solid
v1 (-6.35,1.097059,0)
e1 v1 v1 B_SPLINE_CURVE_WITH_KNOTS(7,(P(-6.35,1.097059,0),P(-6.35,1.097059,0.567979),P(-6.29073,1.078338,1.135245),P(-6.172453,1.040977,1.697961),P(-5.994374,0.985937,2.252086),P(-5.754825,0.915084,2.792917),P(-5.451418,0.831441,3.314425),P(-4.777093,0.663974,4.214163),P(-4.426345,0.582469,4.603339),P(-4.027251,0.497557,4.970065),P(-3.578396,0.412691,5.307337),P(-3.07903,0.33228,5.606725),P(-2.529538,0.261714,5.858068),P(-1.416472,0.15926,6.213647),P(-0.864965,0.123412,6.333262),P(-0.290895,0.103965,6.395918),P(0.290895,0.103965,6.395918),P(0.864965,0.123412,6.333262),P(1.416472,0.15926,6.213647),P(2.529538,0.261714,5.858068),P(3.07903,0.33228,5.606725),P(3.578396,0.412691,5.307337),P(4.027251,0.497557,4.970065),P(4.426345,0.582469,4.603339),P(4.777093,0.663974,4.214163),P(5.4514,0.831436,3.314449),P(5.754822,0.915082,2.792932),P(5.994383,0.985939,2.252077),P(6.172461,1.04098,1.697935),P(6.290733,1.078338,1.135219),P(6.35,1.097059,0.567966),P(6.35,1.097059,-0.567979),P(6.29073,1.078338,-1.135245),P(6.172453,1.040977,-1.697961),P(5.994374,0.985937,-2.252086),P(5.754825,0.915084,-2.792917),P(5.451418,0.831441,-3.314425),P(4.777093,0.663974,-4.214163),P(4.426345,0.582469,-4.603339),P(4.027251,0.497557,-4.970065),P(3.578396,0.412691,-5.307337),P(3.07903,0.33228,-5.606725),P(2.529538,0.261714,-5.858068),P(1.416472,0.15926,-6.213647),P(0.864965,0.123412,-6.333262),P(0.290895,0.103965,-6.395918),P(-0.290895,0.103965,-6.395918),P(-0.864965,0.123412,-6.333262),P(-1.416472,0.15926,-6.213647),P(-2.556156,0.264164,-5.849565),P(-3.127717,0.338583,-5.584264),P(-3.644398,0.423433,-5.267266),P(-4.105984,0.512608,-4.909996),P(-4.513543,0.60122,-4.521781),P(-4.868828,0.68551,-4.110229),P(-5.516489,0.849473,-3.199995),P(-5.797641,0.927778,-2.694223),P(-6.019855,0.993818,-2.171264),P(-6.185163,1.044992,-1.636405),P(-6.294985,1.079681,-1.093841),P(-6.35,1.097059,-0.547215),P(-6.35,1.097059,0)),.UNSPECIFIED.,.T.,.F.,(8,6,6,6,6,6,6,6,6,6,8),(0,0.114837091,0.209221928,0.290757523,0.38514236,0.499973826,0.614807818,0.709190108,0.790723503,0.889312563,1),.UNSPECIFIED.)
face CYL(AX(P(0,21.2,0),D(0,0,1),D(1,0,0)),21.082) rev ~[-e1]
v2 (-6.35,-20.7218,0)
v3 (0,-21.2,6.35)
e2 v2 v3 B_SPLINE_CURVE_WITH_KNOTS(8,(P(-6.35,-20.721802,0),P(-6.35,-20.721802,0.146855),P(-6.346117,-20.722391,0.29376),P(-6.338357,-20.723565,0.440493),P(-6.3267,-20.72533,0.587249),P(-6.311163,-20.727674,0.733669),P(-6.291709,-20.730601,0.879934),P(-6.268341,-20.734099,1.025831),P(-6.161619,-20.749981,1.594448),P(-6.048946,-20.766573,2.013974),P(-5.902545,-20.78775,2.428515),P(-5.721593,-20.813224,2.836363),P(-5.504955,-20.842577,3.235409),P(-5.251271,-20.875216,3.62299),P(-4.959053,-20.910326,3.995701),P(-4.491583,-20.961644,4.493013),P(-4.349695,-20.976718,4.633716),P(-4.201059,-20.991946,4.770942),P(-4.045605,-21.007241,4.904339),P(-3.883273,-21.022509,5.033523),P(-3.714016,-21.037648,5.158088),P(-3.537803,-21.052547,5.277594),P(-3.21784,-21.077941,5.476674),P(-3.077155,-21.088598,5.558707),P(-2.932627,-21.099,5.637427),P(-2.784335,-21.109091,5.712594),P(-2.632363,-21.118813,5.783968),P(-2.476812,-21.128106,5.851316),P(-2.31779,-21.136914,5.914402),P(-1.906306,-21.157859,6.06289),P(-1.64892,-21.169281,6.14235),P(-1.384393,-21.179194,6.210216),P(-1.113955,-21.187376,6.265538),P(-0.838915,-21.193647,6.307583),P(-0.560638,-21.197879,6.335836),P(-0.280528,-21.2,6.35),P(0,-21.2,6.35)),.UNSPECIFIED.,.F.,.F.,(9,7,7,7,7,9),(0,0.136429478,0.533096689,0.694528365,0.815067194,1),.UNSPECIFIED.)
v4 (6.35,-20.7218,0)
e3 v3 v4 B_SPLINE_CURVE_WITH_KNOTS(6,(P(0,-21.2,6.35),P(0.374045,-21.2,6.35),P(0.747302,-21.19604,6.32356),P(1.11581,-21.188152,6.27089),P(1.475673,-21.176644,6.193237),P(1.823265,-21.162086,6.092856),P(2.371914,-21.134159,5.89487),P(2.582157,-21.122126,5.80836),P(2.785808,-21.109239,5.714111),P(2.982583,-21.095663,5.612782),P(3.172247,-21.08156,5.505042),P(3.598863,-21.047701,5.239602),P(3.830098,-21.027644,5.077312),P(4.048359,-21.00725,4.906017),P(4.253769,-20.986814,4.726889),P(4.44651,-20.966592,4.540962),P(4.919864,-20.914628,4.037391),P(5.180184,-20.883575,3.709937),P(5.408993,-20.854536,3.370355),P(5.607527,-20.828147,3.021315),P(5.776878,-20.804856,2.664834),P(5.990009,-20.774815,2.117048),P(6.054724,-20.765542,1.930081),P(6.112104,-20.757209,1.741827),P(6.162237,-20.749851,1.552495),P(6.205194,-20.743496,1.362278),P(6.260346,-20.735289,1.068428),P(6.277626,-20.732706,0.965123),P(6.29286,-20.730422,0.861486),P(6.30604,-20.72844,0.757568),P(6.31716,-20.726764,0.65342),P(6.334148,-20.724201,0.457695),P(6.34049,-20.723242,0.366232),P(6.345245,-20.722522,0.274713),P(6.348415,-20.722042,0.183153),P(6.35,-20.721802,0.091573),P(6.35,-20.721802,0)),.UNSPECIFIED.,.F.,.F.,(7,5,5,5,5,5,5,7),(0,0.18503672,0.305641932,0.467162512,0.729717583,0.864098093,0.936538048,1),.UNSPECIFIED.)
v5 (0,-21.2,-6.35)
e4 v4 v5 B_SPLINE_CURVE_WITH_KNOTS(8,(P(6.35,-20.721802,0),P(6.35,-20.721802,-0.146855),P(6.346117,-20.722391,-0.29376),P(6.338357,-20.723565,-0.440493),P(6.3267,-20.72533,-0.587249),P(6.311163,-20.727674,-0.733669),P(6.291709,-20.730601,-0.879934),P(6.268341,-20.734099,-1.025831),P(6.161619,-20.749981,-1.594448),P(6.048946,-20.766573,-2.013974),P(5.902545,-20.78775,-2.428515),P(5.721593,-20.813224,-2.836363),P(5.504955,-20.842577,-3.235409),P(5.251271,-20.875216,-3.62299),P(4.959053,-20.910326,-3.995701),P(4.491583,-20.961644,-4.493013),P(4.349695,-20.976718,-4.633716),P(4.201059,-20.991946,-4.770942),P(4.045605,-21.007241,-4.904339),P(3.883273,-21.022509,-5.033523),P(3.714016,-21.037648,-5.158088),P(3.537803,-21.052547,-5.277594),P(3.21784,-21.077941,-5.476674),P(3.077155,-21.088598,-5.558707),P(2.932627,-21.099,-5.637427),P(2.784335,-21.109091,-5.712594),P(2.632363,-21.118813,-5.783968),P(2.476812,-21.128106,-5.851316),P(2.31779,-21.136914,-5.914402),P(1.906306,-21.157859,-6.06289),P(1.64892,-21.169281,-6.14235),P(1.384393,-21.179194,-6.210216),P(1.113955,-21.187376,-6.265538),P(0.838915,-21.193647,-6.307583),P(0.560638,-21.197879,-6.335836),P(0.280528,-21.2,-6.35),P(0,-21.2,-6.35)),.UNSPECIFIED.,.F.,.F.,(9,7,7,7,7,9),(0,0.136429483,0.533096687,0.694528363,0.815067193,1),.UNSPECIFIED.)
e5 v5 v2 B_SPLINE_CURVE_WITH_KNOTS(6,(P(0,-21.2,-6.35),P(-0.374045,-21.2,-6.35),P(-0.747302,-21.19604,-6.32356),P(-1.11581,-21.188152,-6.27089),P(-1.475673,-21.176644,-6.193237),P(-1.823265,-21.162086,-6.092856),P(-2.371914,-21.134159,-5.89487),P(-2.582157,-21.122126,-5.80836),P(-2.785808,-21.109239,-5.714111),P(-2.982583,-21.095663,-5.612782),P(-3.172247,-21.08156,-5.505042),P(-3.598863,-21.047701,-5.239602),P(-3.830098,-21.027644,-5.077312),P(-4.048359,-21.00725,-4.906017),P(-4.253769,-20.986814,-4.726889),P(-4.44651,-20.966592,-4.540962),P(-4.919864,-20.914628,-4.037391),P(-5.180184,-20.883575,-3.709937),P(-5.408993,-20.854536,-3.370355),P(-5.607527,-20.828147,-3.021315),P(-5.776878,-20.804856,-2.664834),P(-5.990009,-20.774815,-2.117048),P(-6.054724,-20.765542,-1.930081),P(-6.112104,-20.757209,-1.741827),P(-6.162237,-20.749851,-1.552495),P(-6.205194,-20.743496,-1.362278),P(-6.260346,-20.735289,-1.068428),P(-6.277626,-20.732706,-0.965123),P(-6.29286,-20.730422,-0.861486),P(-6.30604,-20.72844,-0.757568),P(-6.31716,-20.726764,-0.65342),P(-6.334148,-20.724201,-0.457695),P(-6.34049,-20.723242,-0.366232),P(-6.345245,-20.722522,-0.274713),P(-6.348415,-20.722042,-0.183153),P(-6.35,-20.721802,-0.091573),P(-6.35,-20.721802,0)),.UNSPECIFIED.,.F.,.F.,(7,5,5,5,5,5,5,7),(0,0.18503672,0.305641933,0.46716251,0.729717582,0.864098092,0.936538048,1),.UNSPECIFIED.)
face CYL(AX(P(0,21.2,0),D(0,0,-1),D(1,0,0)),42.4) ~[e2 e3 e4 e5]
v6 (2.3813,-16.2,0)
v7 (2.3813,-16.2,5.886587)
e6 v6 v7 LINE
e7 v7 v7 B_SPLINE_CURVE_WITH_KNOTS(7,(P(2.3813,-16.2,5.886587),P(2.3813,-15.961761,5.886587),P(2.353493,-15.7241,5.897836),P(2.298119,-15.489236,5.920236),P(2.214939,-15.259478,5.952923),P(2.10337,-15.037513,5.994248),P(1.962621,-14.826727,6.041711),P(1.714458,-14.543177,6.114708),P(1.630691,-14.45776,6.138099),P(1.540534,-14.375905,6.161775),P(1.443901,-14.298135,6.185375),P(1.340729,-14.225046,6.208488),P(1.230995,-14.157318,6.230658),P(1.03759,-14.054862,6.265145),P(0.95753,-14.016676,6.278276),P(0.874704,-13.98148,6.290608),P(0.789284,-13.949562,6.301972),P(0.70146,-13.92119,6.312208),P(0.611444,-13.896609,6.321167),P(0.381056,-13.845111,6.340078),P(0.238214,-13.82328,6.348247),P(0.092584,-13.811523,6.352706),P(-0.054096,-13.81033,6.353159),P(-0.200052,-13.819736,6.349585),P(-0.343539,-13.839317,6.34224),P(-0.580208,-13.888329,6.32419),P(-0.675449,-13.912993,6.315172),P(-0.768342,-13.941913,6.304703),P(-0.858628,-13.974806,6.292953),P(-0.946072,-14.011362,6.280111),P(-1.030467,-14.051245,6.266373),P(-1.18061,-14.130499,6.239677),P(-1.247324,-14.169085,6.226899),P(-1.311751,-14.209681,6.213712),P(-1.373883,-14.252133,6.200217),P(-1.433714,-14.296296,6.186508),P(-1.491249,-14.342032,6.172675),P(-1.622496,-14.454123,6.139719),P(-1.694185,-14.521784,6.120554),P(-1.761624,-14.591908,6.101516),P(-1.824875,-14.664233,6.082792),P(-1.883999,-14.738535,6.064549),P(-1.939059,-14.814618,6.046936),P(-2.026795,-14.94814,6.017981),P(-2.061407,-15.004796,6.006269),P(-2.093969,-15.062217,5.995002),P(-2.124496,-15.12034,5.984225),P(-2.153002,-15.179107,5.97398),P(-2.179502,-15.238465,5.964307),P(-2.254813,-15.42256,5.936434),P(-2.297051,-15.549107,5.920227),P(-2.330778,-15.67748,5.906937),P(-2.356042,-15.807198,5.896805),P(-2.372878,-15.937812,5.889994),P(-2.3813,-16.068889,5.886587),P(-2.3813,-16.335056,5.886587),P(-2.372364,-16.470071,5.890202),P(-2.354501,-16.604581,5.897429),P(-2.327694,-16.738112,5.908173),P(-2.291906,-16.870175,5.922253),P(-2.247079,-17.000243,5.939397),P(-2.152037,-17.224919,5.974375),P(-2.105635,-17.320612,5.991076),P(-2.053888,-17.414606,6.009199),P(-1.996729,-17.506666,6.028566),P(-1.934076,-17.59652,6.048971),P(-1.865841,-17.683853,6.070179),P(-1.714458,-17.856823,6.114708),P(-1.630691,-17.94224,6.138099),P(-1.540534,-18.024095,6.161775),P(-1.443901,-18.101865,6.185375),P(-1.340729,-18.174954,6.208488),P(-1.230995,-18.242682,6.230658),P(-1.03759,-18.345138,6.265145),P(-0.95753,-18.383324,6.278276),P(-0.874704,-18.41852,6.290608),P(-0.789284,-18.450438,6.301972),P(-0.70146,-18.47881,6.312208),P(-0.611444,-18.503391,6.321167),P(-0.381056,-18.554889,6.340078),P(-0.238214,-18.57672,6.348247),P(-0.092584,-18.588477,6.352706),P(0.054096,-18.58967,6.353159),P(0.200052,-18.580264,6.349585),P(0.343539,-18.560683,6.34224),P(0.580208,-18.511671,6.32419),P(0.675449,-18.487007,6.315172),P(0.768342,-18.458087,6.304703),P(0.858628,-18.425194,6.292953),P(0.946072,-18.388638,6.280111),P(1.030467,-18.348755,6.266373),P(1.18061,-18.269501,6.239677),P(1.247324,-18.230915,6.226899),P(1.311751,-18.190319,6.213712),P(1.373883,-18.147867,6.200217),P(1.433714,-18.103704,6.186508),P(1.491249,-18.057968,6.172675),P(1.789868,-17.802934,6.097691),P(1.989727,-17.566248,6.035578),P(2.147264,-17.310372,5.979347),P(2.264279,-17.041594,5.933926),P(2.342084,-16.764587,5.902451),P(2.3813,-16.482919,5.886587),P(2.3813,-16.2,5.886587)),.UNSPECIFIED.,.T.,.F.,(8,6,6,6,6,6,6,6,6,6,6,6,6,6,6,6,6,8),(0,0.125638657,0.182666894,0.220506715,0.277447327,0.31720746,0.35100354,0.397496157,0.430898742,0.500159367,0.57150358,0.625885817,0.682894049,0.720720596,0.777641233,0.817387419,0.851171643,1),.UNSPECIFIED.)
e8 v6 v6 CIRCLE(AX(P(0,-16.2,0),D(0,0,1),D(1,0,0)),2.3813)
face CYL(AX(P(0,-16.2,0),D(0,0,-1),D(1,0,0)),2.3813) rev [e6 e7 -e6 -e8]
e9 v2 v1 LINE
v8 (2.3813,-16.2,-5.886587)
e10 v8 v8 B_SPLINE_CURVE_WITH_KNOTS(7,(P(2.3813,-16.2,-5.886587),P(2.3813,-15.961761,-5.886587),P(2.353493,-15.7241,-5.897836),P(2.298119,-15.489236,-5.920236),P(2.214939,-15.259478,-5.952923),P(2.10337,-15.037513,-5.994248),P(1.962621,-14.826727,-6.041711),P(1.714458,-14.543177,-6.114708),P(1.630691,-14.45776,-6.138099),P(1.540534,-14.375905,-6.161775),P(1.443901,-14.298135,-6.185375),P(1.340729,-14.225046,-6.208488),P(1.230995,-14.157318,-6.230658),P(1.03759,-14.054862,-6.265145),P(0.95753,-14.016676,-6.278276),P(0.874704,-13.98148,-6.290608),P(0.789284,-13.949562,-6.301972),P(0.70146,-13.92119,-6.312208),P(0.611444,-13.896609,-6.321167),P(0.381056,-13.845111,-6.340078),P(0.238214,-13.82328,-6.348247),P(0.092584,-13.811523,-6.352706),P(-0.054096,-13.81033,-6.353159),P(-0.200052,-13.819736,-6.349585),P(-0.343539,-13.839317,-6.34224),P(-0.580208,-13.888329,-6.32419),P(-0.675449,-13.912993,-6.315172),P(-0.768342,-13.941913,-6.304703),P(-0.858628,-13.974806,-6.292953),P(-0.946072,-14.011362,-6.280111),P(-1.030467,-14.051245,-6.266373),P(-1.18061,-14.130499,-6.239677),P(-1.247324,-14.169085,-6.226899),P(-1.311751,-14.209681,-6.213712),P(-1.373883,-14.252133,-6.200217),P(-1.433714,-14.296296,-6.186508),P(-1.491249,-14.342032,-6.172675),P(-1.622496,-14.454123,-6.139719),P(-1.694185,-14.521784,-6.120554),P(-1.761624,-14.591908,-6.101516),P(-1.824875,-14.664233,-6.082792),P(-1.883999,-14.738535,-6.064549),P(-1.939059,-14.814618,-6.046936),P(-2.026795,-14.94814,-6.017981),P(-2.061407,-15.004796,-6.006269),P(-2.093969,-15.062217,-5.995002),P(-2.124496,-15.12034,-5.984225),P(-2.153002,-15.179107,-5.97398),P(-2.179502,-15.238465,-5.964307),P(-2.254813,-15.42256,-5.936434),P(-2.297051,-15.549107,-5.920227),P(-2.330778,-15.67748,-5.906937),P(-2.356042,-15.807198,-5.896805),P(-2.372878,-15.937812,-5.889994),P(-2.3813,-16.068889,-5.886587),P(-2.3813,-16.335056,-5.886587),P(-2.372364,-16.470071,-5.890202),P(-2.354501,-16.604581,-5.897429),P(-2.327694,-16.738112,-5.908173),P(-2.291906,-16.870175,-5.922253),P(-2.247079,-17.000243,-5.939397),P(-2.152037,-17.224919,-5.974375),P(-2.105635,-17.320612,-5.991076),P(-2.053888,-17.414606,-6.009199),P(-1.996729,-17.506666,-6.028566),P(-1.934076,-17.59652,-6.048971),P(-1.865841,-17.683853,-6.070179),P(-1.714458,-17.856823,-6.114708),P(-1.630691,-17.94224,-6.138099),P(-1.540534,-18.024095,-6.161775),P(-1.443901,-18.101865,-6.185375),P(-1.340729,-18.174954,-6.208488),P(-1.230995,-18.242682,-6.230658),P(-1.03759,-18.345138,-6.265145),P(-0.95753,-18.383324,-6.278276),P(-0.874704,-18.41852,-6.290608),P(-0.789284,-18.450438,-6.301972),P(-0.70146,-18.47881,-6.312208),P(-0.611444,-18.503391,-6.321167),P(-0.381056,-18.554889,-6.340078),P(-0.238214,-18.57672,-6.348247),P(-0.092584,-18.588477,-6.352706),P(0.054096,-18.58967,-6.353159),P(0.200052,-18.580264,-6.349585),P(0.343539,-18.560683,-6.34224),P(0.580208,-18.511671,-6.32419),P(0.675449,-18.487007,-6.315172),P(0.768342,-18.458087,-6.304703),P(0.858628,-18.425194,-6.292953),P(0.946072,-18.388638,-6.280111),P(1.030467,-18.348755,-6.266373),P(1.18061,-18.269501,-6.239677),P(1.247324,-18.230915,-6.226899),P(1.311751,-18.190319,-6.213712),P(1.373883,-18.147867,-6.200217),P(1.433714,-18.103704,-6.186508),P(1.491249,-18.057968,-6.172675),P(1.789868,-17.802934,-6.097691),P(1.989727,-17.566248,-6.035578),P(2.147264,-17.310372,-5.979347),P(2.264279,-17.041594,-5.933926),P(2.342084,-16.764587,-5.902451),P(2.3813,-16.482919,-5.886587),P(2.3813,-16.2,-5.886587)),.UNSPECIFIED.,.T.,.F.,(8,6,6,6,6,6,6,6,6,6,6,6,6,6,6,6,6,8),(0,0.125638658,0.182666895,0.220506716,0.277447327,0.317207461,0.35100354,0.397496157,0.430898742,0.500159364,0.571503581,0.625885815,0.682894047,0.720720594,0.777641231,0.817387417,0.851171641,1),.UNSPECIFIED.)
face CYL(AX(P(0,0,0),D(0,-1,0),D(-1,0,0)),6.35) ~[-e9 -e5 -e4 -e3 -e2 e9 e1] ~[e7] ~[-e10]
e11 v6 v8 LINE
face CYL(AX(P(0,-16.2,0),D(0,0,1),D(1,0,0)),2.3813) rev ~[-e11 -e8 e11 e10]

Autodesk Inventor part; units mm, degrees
ref_plane "YZ Plane" through (0, 0, 0) normal (1, 0, 0) x (0, 1, 0)
ref_plane "XZ Plane" through (0, 0, 0) normal (0, 1, 0) x (-1, 0, 0)
ref_plane "XY Plane" through (0, 0, 0) normal (0, 0, 1) x (1, 0, 0)
sketch "Sketch2" plane through (0, 0, 0) normal (0, 1, 0) x (-1, 0, 0)
  circle A0 centre (0, 0) radius 6.35
  dimension "d10" = 12.7
extrude "Extrusion2" add sketch "Sketch2" along normal mid plane 42.4
sketch "Sketch3" plane through (0, 0, 0) normal (0, 0, 1) x (1, 0, 0)
  line L0 (6.35, 21.2) -> (-6.35, 21.2) projected
  circle A0 centre (0, 21.2) radius 21.082
  line L1 (-6.35, -21.2) -> (6.35, -21.2) projected
  circle A1 centre (0, -16.2) radius 2.3813
  circle A2 centre (0, 21.2) radius 42.4
  line L2 (-6.35, -21.2) -> (-6.35, -20.7218)
  line L3 (-6.35, -21.2) -> (-6.35, 21.2) projected
  line L4 (6.35, -21.2) -> (6.35, -20.7218)
  line L5 (6.35, -21.2) -> (6.35, 21.2) projected
  point P0 (0, 0)
  dimension "d13" = 42.164
  dimension "d16" = 4.7625
  dimension "d17" = 5
extrude "Extrusion3" cut sketch "Sketch3" along normal through all both and the other way through all contours L5 A0 L3 L0 | L0 L3 A0 L5 | L4 L1 A2 | A2 L1 L2 | A1
properties part number "Ground_Antenna230mm_SupportArm" material "Nylon 6/6"
